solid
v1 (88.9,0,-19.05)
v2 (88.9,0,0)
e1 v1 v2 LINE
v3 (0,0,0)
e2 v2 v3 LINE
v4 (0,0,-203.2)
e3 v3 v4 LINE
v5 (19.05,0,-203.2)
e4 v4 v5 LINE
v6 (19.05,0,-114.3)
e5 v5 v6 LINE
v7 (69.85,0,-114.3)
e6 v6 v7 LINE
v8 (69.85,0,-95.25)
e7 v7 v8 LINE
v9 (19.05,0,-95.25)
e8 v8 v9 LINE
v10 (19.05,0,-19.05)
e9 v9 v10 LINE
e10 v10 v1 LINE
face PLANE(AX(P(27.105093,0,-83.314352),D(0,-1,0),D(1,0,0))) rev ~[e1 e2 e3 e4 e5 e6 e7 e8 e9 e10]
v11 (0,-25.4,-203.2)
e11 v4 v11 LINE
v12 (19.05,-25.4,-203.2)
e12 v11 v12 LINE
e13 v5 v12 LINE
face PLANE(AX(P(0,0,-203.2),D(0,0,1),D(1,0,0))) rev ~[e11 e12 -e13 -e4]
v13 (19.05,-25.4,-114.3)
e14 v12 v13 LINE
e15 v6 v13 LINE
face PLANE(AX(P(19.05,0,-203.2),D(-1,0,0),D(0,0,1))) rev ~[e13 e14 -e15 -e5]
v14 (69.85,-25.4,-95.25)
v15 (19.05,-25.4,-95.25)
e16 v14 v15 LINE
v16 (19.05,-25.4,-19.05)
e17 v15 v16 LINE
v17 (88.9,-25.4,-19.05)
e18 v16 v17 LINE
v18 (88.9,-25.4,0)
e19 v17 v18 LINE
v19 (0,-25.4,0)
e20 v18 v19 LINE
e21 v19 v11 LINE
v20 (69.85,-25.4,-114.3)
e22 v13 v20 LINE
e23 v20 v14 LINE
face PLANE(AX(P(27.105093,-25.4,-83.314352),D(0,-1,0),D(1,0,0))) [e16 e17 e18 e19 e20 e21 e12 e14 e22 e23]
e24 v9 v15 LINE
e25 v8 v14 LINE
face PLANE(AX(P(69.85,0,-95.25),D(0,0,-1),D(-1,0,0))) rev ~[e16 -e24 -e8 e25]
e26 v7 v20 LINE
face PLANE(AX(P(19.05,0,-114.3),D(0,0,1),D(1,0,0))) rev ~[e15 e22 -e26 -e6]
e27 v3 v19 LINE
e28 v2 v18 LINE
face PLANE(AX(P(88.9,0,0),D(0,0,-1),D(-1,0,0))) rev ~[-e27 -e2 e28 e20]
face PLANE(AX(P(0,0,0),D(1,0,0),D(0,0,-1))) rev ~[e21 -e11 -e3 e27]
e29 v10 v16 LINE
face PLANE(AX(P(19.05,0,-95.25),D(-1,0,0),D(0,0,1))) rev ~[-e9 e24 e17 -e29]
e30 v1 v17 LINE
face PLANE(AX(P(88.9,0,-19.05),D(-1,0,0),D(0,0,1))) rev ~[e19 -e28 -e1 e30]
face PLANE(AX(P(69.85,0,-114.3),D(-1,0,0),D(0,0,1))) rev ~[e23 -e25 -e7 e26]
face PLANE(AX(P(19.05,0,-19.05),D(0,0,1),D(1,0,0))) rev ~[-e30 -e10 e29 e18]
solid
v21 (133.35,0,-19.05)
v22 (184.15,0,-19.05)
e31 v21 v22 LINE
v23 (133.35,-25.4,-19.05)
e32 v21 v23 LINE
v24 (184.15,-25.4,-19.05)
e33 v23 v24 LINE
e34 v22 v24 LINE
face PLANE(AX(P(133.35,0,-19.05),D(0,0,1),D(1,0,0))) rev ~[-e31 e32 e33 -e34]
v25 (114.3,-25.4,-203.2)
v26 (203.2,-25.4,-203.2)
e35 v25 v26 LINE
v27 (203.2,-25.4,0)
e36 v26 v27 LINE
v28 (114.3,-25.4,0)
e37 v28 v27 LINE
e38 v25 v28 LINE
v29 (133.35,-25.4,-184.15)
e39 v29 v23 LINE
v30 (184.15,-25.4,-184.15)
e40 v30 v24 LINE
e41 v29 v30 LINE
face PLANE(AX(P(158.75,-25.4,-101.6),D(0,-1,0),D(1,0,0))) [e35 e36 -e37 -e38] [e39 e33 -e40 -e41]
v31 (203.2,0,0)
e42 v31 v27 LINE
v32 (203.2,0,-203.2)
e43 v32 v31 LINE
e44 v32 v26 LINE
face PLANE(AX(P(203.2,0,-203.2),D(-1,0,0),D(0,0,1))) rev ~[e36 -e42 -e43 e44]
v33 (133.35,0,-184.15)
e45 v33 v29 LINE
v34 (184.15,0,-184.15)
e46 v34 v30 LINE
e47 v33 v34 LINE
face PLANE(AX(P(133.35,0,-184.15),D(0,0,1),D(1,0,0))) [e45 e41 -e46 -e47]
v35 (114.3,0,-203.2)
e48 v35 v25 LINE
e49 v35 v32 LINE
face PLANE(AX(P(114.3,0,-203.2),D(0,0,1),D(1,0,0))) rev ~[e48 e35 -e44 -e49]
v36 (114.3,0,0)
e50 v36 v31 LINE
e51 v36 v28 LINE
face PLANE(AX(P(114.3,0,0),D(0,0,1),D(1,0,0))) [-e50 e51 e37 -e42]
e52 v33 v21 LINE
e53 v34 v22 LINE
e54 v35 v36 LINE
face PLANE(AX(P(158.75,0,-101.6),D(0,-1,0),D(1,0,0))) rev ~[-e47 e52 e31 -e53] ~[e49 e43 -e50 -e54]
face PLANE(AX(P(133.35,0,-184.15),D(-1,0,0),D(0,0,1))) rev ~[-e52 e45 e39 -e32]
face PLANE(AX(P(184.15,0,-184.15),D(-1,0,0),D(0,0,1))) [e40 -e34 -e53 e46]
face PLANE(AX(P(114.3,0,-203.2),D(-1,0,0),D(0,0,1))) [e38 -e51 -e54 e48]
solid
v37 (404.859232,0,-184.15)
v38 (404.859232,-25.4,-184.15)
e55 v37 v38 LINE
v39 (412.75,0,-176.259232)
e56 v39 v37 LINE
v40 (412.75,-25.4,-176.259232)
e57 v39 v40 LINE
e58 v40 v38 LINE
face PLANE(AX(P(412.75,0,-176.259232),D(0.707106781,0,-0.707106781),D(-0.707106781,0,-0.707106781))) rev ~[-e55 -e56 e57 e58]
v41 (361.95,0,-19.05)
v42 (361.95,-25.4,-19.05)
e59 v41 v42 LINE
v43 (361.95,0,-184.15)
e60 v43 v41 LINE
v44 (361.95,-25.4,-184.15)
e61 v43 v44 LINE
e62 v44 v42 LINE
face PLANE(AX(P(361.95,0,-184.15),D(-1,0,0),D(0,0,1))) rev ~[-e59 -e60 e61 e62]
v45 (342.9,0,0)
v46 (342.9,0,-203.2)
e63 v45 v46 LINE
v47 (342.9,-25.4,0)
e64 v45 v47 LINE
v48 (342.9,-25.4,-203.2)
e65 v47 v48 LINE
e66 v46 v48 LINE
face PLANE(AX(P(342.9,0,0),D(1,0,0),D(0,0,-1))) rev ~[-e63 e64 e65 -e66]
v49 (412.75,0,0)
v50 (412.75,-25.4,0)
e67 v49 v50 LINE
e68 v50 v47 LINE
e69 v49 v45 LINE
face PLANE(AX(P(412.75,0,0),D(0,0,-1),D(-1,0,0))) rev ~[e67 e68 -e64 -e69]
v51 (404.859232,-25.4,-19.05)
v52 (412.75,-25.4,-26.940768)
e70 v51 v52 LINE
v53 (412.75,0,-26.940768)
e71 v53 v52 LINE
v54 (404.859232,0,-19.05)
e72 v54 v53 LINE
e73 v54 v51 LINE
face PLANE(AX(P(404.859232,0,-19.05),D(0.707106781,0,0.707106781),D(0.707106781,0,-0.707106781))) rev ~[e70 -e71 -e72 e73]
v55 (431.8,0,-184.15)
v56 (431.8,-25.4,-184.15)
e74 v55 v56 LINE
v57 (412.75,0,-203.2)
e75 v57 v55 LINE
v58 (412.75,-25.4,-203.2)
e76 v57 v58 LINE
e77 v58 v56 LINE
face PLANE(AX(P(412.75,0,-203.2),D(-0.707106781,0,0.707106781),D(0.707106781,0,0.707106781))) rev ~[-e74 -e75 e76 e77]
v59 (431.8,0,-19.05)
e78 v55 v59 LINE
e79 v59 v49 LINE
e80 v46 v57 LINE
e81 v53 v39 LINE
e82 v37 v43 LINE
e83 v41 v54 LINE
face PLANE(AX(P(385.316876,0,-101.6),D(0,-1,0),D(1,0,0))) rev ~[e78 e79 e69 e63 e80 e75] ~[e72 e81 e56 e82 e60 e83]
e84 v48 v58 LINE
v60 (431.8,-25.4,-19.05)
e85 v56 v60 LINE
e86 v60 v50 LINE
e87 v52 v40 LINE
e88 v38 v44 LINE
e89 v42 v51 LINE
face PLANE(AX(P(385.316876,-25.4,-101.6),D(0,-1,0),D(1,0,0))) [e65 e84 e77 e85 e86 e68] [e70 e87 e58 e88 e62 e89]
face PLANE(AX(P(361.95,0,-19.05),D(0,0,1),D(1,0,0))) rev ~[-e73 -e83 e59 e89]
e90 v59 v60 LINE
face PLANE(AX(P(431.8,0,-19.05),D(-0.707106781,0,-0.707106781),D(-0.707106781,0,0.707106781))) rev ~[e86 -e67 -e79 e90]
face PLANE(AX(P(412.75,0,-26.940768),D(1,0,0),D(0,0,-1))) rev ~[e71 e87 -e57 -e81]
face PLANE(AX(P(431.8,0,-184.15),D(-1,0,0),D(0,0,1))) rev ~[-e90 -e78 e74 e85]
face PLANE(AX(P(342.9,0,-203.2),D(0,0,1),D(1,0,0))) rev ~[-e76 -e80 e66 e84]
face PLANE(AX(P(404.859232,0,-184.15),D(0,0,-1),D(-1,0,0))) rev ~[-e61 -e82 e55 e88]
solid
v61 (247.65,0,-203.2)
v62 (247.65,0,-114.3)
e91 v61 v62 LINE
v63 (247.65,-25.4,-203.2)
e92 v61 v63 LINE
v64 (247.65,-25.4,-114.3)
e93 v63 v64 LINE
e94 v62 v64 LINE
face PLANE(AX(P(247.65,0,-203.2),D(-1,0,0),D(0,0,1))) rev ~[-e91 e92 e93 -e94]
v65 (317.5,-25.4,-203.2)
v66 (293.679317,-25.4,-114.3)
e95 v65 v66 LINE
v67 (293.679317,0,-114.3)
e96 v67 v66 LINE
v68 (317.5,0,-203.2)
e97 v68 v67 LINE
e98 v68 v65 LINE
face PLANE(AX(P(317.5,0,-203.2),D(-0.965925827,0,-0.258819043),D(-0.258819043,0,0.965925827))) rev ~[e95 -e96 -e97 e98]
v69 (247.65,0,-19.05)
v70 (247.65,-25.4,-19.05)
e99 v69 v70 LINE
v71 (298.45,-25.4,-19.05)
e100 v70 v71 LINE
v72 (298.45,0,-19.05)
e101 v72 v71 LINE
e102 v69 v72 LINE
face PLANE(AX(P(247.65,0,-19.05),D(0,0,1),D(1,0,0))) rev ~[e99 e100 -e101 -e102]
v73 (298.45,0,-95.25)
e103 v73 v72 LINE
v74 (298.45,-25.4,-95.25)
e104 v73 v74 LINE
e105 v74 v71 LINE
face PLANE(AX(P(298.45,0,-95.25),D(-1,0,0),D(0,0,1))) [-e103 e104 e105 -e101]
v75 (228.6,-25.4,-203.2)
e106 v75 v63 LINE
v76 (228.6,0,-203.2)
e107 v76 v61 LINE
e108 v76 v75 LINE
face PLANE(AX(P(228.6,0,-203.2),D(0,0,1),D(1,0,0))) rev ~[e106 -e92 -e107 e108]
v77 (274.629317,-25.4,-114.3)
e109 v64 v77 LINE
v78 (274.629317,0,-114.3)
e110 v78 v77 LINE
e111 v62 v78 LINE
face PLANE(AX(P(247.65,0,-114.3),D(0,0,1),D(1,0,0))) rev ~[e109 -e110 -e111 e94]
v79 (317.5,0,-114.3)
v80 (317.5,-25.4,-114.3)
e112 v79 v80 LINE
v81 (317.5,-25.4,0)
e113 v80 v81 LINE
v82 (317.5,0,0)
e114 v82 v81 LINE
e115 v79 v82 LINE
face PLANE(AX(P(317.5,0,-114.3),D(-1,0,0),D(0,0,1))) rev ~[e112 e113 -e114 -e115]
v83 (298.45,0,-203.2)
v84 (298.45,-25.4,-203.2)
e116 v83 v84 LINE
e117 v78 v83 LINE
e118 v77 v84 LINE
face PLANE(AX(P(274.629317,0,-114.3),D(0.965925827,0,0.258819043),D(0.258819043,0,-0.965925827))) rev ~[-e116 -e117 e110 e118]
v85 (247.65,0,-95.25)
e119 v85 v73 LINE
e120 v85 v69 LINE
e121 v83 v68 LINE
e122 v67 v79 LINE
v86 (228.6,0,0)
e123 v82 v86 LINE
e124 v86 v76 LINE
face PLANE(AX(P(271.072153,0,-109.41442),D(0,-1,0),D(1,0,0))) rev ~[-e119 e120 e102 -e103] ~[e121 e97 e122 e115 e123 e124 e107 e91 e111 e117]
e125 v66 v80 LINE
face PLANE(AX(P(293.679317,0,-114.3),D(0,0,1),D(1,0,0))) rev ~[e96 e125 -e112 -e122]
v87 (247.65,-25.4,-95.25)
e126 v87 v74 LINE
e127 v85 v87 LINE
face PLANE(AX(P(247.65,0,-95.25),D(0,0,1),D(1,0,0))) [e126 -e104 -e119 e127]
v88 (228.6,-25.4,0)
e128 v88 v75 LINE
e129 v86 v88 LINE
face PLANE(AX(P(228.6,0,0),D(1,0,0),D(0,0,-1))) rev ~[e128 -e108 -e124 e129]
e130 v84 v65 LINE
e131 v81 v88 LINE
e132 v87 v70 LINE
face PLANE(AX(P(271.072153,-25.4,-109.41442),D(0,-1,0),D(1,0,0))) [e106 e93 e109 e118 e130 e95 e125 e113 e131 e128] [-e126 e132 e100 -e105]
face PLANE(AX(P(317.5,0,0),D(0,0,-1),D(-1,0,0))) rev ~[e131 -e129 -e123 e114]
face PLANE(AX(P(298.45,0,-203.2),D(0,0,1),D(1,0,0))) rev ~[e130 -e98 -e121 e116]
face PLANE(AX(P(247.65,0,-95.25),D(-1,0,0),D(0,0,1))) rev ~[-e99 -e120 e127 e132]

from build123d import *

# Parameters (mm, degrees)
F0_W     = 88.9
F0_H     = 203.2
F0_W_2   = 50.8
F0_H_2   = 165.1
F0_H_3   = 76.2
F1_DEPTH = 25.4


with BuildPart() as f1:
    # F0 (on Front) → F1 (new body)
    with BuildSketch(Plane.XZ):
        Polygon((88.9, 0), (0, 0), (0, -203.2), (19.05, -203.2), (19.05, -114.3), (69.85, -114.3), (69.85, -95.25), (19.05, -95.25), (19.05, -19.05), (88.9, -19.05), align=None)
        with Locations((158.75, -101.6)):
            Rectangle(F0_W, F0_H)
        with Locations((158.75, -101.6)):
            Rectangle(F0_W_2, F0_H_2, mode=Mode.SUBTRACT)
        Polygon((317.5, 0), (228.6, 0), (228.6, -203.2), (247.65, -203.2), (247.65, -114.3), (274.629317, -114.3), (298.45, -203.2), (317.5, -203.2), (293.679317, -114.3), (317.5, -114.3), align=None)
        with Locations((273.05, -57.15)):
            Rectangle(F0_W_2, F0_H_3, mode=Mode.SUBTRACT)
        Polygon((412.75, 0), (342.9, 0), (342.9, -203.2), (412.75, -203.2), (431.8, -184.15), (431.8, -19.05), align=None)
        Polygon((404.859232, -184.15), (361.95, -184.15), (361.95, -19.05), (404.859232, -19.05), (412.75, -26.940768), (412.75, -176.259232), align=None, mode=Mode.SUBTRACT)
    extrude(amount=F1_DEPTH)


solid = f1.part
